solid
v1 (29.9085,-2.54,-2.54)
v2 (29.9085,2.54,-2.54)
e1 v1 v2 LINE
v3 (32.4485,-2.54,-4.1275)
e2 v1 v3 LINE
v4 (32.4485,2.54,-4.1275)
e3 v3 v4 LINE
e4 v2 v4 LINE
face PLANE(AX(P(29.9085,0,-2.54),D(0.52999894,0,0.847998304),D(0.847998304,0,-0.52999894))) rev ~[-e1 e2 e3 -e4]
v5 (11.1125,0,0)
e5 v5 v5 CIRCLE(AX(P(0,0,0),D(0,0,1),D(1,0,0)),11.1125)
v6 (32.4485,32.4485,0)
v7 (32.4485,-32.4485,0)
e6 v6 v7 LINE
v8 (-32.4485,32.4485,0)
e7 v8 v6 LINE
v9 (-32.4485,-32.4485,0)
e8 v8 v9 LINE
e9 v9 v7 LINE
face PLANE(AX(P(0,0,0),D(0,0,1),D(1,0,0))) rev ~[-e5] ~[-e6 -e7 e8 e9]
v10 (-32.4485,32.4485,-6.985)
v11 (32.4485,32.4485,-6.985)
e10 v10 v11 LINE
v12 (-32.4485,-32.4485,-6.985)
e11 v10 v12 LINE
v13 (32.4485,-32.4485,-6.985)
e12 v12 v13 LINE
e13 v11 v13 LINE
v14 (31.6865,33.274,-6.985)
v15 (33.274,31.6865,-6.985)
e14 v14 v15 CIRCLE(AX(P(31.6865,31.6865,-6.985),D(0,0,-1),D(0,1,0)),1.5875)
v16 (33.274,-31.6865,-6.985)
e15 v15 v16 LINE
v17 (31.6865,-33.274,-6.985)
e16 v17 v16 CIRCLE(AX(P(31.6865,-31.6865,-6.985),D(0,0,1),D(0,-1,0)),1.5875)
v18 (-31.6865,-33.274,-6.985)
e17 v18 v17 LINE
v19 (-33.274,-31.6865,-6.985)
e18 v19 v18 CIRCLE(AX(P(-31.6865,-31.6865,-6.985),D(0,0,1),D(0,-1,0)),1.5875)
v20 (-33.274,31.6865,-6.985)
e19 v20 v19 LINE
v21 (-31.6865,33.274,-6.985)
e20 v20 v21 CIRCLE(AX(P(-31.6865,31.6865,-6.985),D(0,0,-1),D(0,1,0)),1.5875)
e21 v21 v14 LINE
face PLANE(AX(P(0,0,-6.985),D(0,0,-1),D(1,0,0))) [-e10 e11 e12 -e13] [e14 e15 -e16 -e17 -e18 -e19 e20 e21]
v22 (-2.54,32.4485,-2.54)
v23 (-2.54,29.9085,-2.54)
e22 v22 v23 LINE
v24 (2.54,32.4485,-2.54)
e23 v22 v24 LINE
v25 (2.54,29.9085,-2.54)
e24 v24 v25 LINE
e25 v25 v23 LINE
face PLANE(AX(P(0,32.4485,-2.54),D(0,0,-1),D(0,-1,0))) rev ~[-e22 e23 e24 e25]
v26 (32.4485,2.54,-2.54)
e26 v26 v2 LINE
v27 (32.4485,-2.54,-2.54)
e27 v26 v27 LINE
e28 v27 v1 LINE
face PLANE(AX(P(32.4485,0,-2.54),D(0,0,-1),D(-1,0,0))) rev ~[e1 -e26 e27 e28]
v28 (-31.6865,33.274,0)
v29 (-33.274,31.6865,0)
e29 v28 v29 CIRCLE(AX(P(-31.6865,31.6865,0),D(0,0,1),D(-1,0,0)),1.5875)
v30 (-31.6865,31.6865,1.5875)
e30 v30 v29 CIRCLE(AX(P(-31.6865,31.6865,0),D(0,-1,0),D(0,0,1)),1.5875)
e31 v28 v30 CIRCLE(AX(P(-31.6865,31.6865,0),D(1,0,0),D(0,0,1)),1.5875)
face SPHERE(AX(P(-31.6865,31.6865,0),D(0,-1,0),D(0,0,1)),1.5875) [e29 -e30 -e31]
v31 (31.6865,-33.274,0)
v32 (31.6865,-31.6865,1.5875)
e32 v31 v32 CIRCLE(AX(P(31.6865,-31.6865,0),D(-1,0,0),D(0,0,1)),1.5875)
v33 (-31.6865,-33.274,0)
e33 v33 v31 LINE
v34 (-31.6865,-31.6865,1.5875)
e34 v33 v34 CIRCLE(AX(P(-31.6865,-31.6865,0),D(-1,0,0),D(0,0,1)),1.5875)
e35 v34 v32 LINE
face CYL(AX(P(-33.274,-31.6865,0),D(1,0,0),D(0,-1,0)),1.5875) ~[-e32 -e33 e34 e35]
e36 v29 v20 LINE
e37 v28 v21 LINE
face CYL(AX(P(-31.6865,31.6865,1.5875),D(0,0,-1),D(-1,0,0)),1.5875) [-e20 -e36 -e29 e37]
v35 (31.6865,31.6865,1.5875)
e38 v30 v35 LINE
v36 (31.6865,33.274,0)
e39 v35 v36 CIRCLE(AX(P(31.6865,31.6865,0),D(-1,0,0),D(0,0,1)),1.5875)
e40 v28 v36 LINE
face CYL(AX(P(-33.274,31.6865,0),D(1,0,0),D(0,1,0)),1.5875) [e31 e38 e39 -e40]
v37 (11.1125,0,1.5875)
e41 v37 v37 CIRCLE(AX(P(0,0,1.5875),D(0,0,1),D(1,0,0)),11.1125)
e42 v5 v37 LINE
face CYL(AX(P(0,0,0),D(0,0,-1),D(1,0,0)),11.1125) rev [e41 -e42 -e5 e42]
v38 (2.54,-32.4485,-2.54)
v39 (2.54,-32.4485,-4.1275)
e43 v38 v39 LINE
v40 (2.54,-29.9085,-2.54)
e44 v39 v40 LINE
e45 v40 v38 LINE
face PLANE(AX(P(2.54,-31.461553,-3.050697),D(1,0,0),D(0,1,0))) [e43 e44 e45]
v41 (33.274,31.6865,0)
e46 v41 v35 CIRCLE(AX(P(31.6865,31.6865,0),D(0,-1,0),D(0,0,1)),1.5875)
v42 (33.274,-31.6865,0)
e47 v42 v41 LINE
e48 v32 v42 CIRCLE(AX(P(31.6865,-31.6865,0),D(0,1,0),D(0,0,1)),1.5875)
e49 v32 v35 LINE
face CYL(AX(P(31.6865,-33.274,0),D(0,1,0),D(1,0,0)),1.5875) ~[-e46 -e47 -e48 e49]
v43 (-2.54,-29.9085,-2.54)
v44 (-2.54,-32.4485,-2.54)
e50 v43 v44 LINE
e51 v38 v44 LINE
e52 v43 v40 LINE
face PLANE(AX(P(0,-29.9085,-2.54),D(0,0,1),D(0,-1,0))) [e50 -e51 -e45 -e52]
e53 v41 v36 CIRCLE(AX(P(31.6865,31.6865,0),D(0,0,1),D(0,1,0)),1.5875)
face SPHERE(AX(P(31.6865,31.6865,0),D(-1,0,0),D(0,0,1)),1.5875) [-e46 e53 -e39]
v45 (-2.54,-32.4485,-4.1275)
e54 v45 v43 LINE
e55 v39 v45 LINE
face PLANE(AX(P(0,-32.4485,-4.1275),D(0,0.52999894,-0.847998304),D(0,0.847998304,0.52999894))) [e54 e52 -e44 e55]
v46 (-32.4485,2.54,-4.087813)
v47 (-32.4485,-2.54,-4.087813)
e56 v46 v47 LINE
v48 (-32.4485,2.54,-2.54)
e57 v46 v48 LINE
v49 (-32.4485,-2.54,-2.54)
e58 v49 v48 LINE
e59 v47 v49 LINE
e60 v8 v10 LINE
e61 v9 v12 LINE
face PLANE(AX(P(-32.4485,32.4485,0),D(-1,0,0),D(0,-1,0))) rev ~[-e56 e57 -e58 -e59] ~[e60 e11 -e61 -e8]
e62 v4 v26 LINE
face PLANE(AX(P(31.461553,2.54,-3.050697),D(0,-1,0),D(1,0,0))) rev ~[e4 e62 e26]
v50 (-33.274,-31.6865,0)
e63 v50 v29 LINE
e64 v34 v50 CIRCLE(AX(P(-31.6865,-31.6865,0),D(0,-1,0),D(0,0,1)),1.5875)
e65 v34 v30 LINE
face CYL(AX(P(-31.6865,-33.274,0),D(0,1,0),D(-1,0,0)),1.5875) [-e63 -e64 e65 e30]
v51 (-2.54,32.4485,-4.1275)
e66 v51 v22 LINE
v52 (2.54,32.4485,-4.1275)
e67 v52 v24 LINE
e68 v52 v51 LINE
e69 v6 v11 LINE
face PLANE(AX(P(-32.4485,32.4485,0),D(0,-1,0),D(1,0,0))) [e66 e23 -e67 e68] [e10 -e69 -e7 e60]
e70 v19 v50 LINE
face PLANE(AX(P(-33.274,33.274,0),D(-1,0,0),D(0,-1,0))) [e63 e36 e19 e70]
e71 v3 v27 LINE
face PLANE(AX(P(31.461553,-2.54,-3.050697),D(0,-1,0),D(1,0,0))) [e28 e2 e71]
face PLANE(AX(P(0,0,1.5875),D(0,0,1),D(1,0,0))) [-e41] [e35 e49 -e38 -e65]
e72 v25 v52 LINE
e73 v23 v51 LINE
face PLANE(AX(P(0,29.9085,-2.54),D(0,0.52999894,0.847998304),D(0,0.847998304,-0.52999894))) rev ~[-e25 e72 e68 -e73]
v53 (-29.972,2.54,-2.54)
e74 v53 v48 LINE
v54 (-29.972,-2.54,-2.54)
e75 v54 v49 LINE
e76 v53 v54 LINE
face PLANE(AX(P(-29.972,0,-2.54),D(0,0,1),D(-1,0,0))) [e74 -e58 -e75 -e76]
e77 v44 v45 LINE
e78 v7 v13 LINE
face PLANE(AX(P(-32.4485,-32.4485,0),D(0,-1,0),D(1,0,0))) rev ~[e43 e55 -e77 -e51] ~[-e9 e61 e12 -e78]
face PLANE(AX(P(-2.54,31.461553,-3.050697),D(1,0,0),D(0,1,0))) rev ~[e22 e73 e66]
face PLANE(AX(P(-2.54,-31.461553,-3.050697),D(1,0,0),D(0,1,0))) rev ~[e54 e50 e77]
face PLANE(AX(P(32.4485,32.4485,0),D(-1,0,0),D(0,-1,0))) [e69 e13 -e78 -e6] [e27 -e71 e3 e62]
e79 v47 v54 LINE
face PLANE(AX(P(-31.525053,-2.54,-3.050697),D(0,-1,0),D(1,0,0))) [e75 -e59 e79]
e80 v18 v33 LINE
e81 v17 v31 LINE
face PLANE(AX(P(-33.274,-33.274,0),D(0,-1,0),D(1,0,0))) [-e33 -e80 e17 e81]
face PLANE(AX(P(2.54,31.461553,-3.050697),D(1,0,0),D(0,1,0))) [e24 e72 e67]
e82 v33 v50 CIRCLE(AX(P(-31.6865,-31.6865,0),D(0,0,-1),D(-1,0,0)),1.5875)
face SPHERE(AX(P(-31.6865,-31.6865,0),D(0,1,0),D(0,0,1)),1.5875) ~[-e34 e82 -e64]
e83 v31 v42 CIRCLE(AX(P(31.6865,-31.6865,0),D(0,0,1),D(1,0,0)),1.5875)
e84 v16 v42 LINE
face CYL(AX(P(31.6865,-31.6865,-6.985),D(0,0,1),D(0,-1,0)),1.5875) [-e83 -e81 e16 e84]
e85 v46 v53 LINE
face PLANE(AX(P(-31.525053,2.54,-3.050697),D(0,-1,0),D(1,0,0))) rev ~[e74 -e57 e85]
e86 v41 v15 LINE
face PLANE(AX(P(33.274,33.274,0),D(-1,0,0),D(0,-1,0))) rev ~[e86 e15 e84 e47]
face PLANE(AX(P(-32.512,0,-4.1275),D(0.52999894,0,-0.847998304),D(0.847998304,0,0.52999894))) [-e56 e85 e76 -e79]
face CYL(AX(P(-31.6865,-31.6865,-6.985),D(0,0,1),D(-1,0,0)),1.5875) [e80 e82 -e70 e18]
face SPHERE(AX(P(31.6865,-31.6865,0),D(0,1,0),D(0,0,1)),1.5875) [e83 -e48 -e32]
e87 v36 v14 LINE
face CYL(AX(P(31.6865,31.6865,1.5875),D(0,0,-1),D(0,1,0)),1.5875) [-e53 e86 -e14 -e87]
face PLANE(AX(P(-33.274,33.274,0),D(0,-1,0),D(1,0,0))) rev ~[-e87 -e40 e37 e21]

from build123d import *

# Parameters (mm, degrees)
F0_W     = 66.548
F0_H     = 66.548
F0_R     = 11.1125
F1_DEPTH = 1.5875
F2_W     = 66.548
F2_H     = 66.548
F2_W_2   = 64.897
F2_H_2   = 64.897
F3_DEPTH = 6.985
F5_DEPTH = 2.54
F7_DEPTH = 2.54
F8_R     = 1.5875


with BuildPart() as f1:
    # F0 (on Top) → F1 (new body)
    with BuildSketch(Plane.XY):
        Rectangle(F0_W, F0_H)
        Circle(F0_R, mode=Mode.SUBTRACT)
    extrude(amount=F1_DEPTH)

    # F2 (on face) → F3 (join)
    with BuildSketch(Plane(origin=(0, 0, 0), x_dir=(1, 0, 0), z_dir=(0, 0, -1))):
        Rectangle(F2_W, F2_H)
        Rectangle(F2_W_2, F2_H_2, mode=Mode.SUBTRACT)
    extrude(amount=F3_DEPTH)

    # F4 (on Front) → F5 (join, symmetric)
    with BuildSketch(Plane.XZ):
        Polygon((32.4485, -4.1275), (32.4485, -2.54), (29.9085, -2.54), align=None)
        Polygon((-32.512, -4.1275), (-29.972, -2.54), (-32.512, -2.54), align=None)
    extrude(amount=F5_DEPTH, both=True)

    # F6 (on Right) → F7 (join, symmetric)
    with BuildSketch(Plane.YZ):
        Polygon((32.4485, -4.1275), (32.4485, -2.54), (29.9085, -2.54), align=None)
        Polygon((-32.4485, -4.1275), (-29.9085, -2.54), (-32.4485, -2.54), align=None)
    extrude(amount=F7_DEPTH, both=True)

    # F8
    f8_edges = [f1.edges().sort_by_distance(p)[0] for p in [
        (-33.274, 0, 1.5875),
        (0, 33.274, 1.5875),
        (33.274, 0, 1.5875),
        (0, -33.274, 1.5875),
        (-33.274, 33.274, -2.69875),
        (-33.274, -33.274, -2.69875),
        (33.274, -33.274, -2.69875),
        (33.274, 33.274, -2.69875),
    ]]
    fillet(f8_edges, radius=F8_R)


solid = f1.part
